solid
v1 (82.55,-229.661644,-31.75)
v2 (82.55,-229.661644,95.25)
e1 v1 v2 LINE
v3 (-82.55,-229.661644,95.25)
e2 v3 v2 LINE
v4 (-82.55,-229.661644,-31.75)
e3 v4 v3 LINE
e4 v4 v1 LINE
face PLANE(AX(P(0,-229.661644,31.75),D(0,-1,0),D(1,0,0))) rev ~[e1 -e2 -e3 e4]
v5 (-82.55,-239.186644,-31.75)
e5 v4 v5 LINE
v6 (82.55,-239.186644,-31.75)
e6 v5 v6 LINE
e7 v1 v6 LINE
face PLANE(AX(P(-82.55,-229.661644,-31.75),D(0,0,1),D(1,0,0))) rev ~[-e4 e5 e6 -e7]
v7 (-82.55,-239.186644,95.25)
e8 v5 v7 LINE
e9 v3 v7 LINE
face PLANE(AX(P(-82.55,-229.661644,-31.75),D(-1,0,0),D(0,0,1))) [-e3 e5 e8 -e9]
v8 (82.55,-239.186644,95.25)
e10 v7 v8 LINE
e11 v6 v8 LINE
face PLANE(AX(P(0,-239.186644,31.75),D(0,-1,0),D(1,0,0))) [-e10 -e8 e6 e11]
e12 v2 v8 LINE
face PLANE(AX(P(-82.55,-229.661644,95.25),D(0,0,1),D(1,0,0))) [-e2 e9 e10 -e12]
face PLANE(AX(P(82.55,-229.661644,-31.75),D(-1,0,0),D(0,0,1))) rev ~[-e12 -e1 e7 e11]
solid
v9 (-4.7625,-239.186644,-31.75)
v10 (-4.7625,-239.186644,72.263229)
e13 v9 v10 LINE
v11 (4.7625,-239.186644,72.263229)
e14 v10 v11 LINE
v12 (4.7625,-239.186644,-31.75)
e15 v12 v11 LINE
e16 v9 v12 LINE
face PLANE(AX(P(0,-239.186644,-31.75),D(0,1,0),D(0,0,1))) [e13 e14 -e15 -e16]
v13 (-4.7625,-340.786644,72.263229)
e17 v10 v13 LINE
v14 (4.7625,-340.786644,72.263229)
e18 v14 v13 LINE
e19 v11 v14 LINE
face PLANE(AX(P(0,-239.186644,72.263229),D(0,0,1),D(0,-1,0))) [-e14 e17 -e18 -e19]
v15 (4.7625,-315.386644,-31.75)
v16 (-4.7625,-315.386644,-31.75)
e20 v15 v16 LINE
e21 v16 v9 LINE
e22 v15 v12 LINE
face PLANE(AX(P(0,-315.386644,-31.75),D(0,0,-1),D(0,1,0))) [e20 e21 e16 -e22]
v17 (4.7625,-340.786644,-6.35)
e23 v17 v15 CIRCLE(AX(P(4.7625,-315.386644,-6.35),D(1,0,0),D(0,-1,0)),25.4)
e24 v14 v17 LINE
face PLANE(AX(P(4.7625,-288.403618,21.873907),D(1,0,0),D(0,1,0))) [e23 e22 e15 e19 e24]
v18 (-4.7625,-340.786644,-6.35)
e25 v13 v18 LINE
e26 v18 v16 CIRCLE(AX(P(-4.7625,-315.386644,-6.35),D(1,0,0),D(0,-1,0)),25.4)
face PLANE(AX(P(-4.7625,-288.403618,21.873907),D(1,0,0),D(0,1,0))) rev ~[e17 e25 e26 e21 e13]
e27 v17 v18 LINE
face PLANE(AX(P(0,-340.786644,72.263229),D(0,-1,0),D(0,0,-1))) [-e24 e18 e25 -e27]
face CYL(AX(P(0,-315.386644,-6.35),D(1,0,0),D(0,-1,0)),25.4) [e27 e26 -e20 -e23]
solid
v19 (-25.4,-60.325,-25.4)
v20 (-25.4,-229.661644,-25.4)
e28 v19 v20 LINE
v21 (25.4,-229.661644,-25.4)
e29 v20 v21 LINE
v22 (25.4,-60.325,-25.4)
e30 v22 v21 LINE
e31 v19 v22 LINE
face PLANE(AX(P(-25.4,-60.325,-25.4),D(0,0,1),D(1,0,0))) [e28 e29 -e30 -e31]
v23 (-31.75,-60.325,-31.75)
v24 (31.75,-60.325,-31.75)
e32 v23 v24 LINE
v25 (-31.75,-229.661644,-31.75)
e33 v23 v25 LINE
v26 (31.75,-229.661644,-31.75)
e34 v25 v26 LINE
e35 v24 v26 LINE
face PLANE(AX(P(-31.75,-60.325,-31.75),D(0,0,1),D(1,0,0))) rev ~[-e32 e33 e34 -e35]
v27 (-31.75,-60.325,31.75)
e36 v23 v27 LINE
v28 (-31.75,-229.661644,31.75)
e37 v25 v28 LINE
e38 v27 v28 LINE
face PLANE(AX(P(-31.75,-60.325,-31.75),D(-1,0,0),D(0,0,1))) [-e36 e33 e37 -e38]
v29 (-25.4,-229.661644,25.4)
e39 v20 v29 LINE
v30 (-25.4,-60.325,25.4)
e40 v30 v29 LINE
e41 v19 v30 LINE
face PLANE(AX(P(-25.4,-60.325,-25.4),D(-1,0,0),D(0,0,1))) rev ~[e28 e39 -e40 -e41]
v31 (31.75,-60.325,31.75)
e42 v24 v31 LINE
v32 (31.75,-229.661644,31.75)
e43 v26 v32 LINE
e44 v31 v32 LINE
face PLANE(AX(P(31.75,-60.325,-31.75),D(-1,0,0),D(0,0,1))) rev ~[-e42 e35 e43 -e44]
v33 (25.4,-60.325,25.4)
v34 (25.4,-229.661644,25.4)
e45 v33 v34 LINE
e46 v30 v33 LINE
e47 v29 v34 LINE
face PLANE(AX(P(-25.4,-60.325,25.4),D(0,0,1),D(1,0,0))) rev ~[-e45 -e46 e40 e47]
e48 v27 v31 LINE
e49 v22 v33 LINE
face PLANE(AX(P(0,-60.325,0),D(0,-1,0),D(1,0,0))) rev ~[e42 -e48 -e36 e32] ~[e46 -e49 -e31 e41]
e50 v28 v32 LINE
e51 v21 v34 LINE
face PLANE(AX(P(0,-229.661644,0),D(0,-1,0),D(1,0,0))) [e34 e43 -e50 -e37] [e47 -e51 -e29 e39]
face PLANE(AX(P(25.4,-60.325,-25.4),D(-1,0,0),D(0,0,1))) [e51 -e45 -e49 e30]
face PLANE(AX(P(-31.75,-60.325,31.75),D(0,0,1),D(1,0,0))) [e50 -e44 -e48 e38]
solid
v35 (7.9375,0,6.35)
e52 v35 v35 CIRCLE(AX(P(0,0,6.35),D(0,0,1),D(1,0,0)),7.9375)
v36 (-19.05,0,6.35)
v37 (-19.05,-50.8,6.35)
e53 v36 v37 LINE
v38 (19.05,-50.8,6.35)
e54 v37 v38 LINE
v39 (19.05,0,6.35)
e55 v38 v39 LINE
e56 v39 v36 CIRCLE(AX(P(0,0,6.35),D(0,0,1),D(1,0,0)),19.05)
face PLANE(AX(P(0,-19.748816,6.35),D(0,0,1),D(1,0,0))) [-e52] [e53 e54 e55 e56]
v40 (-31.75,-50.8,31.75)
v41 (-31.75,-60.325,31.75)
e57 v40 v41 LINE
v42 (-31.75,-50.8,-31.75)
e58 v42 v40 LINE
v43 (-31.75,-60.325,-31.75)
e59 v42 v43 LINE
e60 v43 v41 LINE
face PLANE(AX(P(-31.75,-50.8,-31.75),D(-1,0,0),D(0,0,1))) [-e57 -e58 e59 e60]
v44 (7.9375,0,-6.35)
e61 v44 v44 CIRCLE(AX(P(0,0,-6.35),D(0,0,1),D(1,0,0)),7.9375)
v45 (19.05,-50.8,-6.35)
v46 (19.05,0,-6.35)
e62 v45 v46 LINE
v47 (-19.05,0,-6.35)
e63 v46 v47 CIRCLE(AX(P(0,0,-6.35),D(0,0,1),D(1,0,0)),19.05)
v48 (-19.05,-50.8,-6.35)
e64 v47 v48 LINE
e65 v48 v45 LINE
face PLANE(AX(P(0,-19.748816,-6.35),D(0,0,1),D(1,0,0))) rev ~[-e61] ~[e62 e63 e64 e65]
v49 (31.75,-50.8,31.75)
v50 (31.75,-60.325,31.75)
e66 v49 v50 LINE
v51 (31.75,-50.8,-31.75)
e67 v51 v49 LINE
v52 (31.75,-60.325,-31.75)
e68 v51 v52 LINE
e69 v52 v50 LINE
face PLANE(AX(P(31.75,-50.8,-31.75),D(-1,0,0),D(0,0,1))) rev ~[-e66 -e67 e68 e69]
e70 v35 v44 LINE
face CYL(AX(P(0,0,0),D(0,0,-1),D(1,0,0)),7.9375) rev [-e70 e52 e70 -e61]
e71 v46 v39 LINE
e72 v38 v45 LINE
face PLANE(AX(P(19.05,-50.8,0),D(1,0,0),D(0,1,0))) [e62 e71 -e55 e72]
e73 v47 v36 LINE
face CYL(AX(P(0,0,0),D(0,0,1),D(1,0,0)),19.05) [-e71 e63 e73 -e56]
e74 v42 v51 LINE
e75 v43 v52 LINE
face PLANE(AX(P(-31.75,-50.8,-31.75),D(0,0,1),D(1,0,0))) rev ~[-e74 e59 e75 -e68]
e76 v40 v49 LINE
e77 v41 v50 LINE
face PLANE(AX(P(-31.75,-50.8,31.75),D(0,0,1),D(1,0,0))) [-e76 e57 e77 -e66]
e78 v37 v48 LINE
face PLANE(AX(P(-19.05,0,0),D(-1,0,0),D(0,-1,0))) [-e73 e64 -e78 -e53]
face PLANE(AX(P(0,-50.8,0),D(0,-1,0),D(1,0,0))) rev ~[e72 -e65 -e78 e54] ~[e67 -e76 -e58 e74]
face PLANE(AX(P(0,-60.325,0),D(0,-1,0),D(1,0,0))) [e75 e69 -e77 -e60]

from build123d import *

# Parameters (mm, degrees)
F0_R          = 7.9375
F1_DEPTH      = 6.35
F1_DEPTH_BACK = 6.35
F2_W          = 63.5
F2_H          = 63.5
F3_DEPTH      = 9.525
F4_W          = 63.5
F4_H          = 63.5
F4_W_2        = 50.8
F4_H_2        = 50.8
F5_DEPTH      = 169.3366438
F6_W          = 165.1
F6_H          = 127
F7_DEPTH      = 9.525
F9_DEPTH      = 4.7625
F9_DEPTH_BACK = 4.7625


with BuildPart() as f1:
    # F0 (on Top) → F1 (new body, two sides)
    with BuildSketch(Plane.XY) as f1_sk:
        with BuildLine():
            Line((19.05, -50.8), (19.05, 0))
            ThreePointArc((19.05, 0), (0, 19.05), (-19.05, 0))
            Line((-19.05, 0), (-19.05, -50.8))
            Line((-19.05, -50.8), (19.05, -50.8))
        make_face()
        Circle(F0_R, mode=Mode.SUBTRACT)
    extrude(amount=F1_DEPTH)
    extrude(f1_sk.sketch, amount=-F1_DEPTH_BACK)

    # F2 (on face) → F3 (join)
    with BuildSketch(Plane.XZ.offset(50.8)):
        Rectangle(F2_W, F2_H)
    extrude(amount=F3_DEPTH)


with BuildPart() as f5:
    # F4 (on face) → F5 (new body)
    with BuildSketch(Plane.XZ.offset(60.325)):
        Rectangle(F4_W, F4_H)
        Rectangle(F4_W_2, F4_H_2, mode=Mode.SUBTRACT)
    extrude(amount=F5_DEPTH)


with BuildPart() as f7:
    # F6 (on face) → F7 (new body)
    with BuildSketch(Plane.XZ.offset(229.6616438)):
        with Locations((0, 31.75)):
            Rectangle(F6_W, F6_H)
    extrude(amount=F7_DEPTH)


with BuildPart() as f9:
    # F8 (on Right) → F9 (new body, two sides)
    with BuildSketch(Plane.YZ) as f9_sk:
        with BuildLine():
            Line((-315.3866438, -31.75), (-239.1866438, -31.75))
            Line((-239.1866438, -31.75), (-239.1866438, 72.2632286))
            Line((-239.1866438, 72.2632286), (-340.7866438, 72.2632286))
            Line((-340.7866438, 72.2632286), (-340.7866438, -6.35))
            ThreePointArc((-340.7866438, -6.35), (-333.3471560421, -24.3105122421), (-315.3866438, -31.75))
        make_face()
    extrude(amount=F9_DEPTH)
    extrude(f9_sk.sketch, amount=-F9_DEPTH_BACK)


solid = Compound([f1.part, f5.part, f7.part, f9.part])
